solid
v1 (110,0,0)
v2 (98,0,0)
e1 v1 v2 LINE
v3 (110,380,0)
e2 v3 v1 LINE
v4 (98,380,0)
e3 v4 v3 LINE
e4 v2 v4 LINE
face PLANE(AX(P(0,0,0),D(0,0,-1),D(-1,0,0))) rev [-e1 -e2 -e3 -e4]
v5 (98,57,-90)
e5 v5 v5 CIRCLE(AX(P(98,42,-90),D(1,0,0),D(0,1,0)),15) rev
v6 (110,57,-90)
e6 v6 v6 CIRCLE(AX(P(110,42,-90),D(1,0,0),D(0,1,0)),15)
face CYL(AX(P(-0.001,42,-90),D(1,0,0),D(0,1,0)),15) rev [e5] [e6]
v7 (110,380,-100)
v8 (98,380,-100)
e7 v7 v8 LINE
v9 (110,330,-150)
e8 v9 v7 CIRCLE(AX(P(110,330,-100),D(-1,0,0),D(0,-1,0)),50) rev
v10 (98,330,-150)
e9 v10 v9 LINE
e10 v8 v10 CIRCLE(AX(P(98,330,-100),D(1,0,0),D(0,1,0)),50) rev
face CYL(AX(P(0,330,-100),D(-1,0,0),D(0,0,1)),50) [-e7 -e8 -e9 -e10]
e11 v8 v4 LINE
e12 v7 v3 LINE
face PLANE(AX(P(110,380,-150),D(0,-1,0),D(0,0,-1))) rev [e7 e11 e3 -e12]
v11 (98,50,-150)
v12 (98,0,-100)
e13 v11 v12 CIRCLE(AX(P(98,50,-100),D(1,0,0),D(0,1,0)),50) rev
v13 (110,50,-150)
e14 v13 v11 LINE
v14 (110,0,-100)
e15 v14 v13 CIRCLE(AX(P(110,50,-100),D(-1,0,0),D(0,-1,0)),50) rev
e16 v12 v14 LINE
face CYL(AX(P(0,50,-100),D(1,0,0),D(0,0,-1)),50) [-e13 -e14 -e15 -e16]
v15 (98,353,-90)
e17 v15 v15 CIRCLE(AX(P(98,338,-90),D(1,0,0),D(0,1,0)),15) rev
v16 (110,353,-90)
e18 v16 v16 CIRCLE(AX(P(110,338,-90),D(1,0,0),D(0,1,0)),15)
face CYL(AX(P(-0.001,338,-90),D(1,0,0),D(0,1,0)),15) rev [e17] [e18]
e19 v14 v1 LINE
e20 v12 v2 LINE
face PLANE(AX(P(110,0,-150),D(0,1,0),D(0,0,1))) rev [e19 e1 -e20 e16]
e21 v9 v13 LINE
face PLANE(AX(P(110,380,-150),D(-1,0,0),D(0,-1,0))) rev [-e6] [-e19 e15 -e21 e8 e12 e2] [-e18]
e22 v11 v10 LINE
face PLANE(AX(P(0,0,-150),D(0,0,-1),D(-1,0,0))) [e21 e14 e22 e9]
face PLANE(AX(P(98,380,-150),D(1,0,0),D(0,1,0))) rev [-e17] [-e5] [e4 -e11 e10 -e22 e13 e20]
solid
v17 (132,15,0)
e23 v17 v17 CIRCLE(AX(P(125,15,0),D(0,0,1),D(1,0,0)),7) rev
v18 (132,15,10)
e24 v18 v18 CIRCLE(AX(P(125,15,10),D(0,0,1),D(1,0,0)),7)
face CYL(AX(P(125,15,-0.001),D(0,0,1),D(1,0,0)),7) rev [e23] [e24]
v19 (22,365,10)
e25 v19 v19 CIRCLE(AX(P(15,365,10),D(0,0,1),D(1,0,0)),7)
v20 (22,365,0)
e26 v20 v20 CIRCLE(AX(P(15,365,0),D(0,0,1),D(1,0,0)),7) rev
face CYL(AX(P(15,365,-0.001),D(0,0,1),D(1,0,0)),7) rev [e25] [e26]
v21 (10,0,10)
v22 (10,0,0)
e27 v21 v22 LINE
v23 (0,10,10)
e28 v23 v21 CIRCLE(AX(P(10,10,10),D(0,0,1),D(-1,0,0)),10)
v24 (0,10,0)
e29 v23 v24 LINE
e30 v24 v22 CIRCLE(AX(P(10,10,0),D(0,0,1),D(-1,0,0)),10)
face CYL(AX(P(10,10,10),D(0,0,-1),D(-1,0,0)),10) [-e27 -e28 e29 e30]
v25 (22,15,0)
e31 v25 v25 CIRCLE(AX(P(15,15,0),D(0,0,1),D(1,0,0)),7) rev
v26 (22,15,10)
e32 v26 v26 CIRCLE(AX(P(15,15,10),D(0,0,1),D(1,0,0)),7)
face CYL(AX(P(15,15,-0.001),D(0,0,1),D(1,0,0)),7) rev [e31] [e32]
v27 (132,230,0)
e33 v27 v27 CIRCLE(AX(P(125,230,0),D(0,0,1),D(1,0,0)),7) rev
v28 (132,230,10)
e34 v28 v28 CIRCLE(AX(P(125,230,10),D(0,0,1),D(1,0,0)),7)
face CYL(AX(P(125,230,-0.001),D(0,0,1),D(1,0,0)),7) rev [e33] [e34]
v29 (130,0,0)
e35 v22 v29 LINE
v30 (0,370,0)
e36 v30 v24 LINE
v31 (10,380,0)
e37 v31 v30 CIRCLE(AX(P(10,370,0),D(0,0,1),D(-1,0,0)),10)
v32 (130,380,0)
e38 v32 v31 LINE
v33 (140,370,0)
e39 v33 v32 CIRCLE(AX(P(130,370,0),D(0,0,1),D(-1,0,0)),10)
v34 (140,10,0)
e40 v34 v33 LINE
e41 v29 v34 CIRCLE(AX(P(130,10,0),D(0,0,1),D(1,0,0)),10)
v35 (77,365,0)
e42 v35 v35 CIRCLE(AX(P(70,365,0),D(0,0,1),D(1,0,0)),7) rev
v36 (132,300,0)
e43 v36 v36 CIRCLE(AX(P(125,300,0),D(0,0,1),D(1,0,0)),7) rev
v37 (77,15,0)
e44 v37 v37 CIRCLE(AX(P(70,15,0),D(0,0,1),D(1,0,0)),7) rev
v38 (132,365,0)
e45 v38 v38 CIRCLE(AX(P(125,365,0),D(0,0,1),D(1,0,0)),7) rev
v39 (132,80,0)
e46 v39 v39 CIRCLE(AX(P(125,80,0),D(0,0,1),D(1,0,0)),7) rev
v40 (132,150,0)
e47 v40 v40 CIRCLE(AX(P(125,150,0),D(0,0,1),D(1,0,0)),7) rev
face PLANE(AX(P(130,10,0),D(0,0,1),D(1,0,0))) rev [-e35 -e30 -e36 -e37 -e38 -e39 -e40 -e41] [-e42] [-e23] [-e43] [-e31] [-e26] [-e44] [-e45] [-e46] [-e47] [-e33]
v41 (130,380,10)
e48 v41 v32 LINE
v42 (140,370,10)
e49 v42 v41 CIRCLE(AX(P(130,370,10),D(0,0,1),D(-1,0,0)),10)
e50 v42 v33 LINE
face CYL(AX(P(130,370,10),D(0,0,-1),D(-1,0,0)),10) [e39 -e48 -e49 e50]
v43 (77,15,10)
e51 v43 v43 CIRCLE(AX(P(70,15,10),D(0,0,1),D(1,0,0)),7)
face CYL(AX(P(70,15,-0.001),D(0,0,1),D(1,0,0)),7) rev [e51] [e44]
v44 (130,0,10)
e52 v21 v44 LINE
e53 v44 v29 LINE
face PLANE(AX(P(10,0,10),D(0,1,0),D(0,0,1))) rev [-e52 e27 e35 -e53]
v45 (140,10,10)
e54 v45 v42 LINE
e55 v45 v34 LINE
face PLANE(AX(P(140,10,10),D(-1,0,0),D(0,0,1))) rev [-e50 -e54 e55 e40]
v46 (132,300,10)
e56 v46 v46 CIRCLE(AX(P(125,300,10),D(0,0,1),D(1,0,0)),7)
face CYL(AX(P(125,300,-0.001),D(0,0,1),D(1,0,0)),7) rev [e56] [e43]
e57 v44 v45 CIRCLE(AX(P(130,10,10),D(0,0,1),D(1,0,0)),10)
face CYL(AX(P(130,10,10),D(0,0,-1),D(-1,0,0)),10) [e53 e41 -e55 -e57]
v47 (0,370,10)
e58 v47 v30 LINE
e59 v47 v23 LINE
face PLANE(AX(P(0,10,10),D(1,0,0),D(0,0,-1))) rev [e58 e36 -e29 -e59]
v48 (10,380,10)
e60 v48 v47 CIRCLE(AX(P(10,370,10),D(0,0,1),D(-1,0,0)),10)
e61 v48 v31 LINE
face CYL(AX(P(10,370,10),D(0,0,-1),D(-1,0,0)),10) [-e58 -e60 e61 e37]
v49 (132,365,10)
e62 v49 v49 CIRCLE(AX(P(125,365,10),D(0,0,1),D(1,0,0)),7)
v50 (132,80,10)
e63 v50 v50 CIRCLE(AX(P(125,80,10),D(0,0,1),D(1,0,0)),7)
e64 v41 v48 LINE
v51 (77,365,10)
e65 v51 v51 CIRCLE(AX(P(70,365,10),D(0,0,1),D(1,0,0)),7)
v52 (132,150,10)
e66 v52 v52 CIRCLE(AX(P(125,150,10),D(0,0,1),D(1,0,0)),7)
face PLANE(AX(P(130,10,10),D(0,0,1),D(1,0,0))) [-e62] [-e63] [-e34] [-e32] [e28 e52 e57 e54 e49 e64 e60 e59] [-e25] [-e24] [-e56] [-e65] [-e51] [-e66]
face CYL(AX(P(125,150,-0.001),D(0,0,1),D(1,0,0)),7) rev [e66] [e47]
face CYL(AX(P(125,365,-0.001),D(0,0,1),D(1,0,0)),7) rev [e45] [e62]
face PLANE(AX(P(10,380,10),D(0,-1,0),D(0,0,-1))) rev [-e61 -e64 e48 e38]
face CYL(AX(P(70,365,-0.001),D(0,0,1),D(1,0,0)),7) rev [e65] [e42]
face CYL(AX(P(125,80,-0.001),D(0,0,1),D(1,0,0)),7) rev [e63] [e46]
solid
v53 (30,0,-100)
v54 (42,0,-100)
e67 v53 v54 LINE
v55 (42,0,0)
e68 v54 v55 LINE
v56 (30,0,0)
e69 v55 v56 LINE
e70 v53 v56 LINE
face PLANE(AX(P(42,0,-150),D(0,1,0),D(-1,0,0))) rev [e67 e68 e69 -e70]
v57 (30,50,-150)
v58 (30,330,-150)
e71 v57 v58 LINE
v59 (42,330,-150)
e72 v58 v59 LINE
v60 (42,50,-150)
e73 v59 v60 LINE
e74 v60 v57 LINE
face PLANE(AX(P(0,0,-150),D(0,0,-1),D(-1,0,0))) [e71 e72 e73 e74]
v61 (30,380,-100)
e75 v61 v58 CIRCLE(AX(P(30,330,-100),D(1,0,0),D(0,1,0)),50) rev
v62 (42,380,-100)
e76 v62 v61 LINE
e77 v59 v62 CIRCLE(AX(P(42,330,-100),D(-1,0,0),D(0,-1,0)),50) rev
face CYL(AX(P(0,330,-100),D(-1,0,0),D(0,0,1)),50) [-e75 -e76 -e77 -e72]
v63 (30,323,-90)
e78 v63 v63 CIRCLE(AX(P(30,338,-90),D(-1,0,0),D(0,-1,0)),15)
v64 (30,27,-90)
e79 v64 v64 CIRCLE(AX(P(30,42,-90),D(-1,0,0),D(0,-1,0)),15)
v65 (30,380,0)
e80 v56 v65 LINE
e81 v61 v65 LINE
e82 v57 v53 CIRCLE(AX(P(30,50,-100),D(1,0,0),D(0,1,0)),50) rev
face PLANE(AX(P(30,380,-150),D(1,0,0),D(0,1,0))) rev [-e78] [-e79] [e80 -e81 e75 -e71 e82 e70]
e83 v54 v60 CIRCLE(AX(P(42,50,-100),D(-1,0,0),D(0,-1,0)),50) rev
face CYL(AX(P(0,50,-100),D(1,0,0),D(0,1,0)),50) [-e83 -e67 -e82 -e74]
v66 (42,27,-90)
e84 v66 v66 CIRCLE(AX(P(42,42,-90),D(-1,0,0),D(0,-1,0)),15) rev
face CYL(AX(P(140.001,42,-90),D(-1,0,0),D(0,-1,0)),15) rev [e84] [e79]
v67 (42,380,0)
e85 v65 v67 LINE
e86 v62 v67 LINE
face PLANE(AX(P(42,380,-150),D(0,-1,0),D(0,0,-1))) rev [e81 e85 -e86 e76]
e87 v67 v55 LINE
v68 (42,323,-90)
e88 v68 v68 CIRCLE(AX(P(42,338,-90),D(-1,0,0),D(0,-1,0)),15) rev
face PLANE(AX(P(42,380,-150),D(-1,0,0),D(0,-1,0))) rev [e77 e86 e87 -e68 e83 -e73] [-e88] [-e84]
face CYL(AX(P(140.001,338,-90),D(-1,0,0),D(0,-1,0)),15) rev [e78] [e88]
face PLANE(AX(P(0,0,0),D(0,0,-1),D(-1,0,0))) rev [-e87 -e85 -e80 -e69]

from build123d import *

# Parameters (mm, degrees)
EXTRUDE_1_DEPTH     = 10
CUT_EXTRUDE_1_REACH = 12
SKETCH_2_R          = 7
SKETCH_3_W          = 12
SKETCH_3_H          = 380
EXTRUDE_2_DEPTH     = 150
EXTRUDE_2_2_DEPTH   = 150
FILLET_1_R          = 50
FILLET_2_R          = 50
SKETCH_4_R          = 15
CUT_EXTRUDE_2_DEPTH = 12
SKETCH_5_R          = 15
CUT_EXTRUDE_3_DEPTH = 12


with BuildPart() as part:
    # 草图1 → 凸台-拉伸1 (new body)
    with BuildSketch(Plane.XY):
        with BuildLine():
            Line((10, 0), (130, 0))
            ThreePointArc((130, 0), (137.071067812, 2.928932188), (140, 10))
            Line((140, 10), (140, 370))
            ThreePointArc((140, 370), (137.071067812, 377.071067812), (130, 380))
            Line((130, 380), (10, 380))
            ThreePointArc((10, 380), (2.928932188, 377.071067812), (0, 370))
            Line((0, 370), (0, 10))
            ThreePointArc((0, 10), (2.928932188, 2.928932188), (10, 0))
        make_face()
    extrude(amount=EXTRUDE_1_DEPTH)

    # 草图2 → 切除-拉伸1 (cut, up to next)
    with BuildSketch(Plane.XY.offset(10), mode=Mode.PRIVATE) as cut_extrude_1_sk1:
        with Locations((15, 365)):
            Circle(SKETCH_2_R)
    cut_extrude_1_tool1 = extrude(cut_extrude_1_sk1.sketch, amount=-CUT_EXTRUDE_1_REACH, mode=Mode.PRIVATE) & part.part
    add(cut_extrude_1_tool1.solids().sort_by_distance((15, 365, 10))[0], mode=Mode.SUBTRACT)
    # 草图2 → 切除-拉伸1 (cut, up to next)
    with BuildSketch(Plane.XY.offset(10), mode=Mode.PRIVATE) as cut_extrude_1_sk2:
        with Locations((125, 365)):
            Circle(SKETCH_2_R)
    cut_extrude_1_tool2 = extrude(cut_extrude_1_sk2.sketch, amount=-CUT_EXTRUDE_1_REACH, mode=Mode.PRIVATE) & part.part
    add(cut_extrude_1_tool2.solids().sort_by_distance((125, 365, 10))[0], mode=Mode.SUBTRACT)
    # 草图2 → 切除-拉伸1 (cut, up to next)
    with BuildSketch(Plane.XY.offset(10), mode=Mode.PRIVATE) as cut_extrude_1_sk3:
        with Locations((15, 15)):
            Circle(SKETCH_2_R)
    cut_extrude_1_tool3 = extrude(cut_extrude_1_sk3.sketch, amount=-CUT_EXTRUDE_1_REACH, mode=Mode.PRIVATE) & part.part
    add(cut_extrude_1_tool3.solids().sort_by_distance((15, 15, 10))[0], mode=Mode.SUBTRACT)
    # 草图2 → 切除-拉伸1 (cut, up to next)
    with BuildSketch(Plane.XY.offset(10), mode=Mode.PRIVATE) as cut_extrude_1_sk4:
        with Locations((125, 15)):
            Circle(SKETCH_2_R)
    cut_extrude_1_tool4 = extrude(cut_extrude_1_sk4.sketch, amount=-CUT_EXTRUDE_1_REACH, mode=Mode.PRIVATE) & part.part
    add(cut_extrude_1_tool4.solids().sort_by_distance((125, 15, 10))[0], mode=Mode.SUBTRACT)
    # 草图2 → 切除-拉伸1 (cut, up to next)
    with BuildSketch(Plane.XY.offset(10), mode=Mode.PRIVATE) as cut_extrude_1_sk5:
        with Locations((70, 365)):
            Circle(SKETCH_2_R)
    cut_extrude_1_tool5 = extrude(cut_extrude_1_sk5.sketch, amount=-CUT_EXTRUDE_1_REACH, mode=Mode.PRIVATE) & part.part
    add(cut_extrude_1_tool5.solids().sort_by_distance((70, 365, 10))[0], mode=Mode.SUBTRACT)
    # 草图2 → 切除-拉伸1 (cut, up to next)
    with BuildSketch(Plane.XY.offset(10), mode=Mode.PRIVATE) as cut_extrude_1_sk6:
        with Locations((70, 15)):
            Circle(SKETCH_2_R)
    cut_extrude_1_tool6 = extrude(cut_extrude_1_sk6.sketch, amount=-CUT_EXTRUDE_1_REACH, mode=Mode.PRIVATE) & part.part
    add(cut_extrude_1_tool6.solids().sort_by_distance((70, 15, 10))[0], mode=Mode.SUBTRACT)
    # 草图2 → 切除-拉伸1 (cut, up to next)
    with BuildSketch(Plane.XY.offset(10), mode=Mode.PRIVATE) as cut_extrude_1_sk7:
        with Locations((125, 300)):
            Circle(SKETCH_2_R)
    cut_extrude_1_tool7 = extrude(cut_extrude_1_sk7.sketch, amount=-CUT_EXTRUDE_1_REACH, mode=Mode.PRIVATE) & part.part
    add(cut_extrude_1_tool7.solids().sort_by_distance((125, 300, 10))[0], mode=Mode.SUBTRACT)
    # 草图2 → 切除-拉伸1 (cut, up to next)
    with BuildSketch(Plane.XY.offset(10), mode=Mode.PRIVATE) as cut_extrude_1_sk8:
        with Locations((125, 80)):
            Circle(SKETCH_2_R)
    cut_extrude_1_tool8 = extrude(cut_extrude_1_sk8.sketch, amount=-CUT_EXTRUDE_1_REACH, mode=Mode.PRIVATE) & part.part
    add(cut_extrude_1_tool8.solids().sort_by_distance((125, 80, 10))[0], mode=Mode.SUBTRACT)
    # 草图2 → 切除-拉伸1 (cut, up to next)
    with BuildSketch(Plane.XY.offset(10), mode=Mode.PRIVATE) as cut_extrude_1_sk9:
        with Locations((125, 230)):
            Circle(SKETCH_2_R)
    cut_extrude_1_tool9 = extrude(cut_extrude_1_sk9.sketch, amount=-CUT_EXTRUDE_1_REACH, mode=Mode.PRIVATE) & part.part
    add(cut_extrude_1_tool9.solids().sort_by_distance((125, 230, 10))[0], mode=Mode.SUBTRACT)
    # 草图2 → 切除-拉伸1 (cut, up to next)
    with BuildSketch(Plane.XY.offset(10), mode=Mode.PRIVATE) as cut_extrude_1_sk10:
        with Locations((125, 150)):
            Circle(SKETCH_2_R)
    cut_extrude_1_tool10 = extrude(cut_extrude_1_sk10.sketch, amount=-CUT_EXTRUDE_1_REACH, mode=Mode.PRIVATE) & part.part
    add(cut_extrude_1_tool10.solids().sort_by_distance((125, 150, 10))[0], mode=Mode.SUBTRACT)


with BuildPart() as body_2:
    # 草图3 → 凸台-拉伸2 (new body)
    with BuildSketch(Plane(origin=(0, 0, 0), x_dir=(-1, 0, 0), z_dir=(0, 0, -1))):
        with Locations((-104, 190)):
            Rectangle(SKETCH_3_W, SKETCH_3_H)
    extrude(amount=EXTRUDE_2_DEPTH)

    # 圆角1
    fillet_1_edges = [body_2.edges().sort_by_distance(p)[0] for p in [
        (104, 380, -150),
        (104, 0, -150),
    ]]
    fillet(fillet_1_edges, radius=FILLET_1_R)

    # 草图4 → 切除-拉伸2 (cut)
    with BuildSketch(Plane(origin=(110, 0, 0), x_dir=(0, 0, -1), z_dir=(1, 0, 0))):
        with Locations((90, 338)):
            Circle(SKETCH_4_R)
        with Locations((90, 42)):
            Circle(SKETCH_4_R)
    extrude(amount=-CUT_EXTRUDE_2_DEPTH, mode=Mode.SUBTRACT)


with BuildPart() as body_3:
    # 草图3 → Extrude 2 2 (new body)
    with BuildSketch(Plane(origin=(0, 0, 0), x_dir=(-1, 0, 0), z_dir=(0, 0, -1))):
        with Locations((-36, 190)):
            Rectangle(SKETCH_3_W, SKETCH_3_H)
    extrude(amount=EXTRUDE_2_2_DEPTH)

    # 圆角2
    fillet_2_edges = [body_3.edges().sort_by_distance(p)[0] for p in [
        (36, 380, -150),
        (36, 0, -150),
    ]]
    fillet(fillet_2_edges, radius=FILLET_2_R)

    # 草图5 → 切除-拉伸3 (cut)
    with BuildSketch(Plane.ZY.offset(-30)):
        with Locations((-90, 338)):
            Circle(SKETCH_5_R)
        with Locations((-90, 42)):
            Circle(SKETCH_5_R)
    extrude(amount=-CUT_EXTRUDE_3_DEPTH, mode=Mode.SUBTRACT)


solid = Compound([part.part, body_2.part, body_3.part])
